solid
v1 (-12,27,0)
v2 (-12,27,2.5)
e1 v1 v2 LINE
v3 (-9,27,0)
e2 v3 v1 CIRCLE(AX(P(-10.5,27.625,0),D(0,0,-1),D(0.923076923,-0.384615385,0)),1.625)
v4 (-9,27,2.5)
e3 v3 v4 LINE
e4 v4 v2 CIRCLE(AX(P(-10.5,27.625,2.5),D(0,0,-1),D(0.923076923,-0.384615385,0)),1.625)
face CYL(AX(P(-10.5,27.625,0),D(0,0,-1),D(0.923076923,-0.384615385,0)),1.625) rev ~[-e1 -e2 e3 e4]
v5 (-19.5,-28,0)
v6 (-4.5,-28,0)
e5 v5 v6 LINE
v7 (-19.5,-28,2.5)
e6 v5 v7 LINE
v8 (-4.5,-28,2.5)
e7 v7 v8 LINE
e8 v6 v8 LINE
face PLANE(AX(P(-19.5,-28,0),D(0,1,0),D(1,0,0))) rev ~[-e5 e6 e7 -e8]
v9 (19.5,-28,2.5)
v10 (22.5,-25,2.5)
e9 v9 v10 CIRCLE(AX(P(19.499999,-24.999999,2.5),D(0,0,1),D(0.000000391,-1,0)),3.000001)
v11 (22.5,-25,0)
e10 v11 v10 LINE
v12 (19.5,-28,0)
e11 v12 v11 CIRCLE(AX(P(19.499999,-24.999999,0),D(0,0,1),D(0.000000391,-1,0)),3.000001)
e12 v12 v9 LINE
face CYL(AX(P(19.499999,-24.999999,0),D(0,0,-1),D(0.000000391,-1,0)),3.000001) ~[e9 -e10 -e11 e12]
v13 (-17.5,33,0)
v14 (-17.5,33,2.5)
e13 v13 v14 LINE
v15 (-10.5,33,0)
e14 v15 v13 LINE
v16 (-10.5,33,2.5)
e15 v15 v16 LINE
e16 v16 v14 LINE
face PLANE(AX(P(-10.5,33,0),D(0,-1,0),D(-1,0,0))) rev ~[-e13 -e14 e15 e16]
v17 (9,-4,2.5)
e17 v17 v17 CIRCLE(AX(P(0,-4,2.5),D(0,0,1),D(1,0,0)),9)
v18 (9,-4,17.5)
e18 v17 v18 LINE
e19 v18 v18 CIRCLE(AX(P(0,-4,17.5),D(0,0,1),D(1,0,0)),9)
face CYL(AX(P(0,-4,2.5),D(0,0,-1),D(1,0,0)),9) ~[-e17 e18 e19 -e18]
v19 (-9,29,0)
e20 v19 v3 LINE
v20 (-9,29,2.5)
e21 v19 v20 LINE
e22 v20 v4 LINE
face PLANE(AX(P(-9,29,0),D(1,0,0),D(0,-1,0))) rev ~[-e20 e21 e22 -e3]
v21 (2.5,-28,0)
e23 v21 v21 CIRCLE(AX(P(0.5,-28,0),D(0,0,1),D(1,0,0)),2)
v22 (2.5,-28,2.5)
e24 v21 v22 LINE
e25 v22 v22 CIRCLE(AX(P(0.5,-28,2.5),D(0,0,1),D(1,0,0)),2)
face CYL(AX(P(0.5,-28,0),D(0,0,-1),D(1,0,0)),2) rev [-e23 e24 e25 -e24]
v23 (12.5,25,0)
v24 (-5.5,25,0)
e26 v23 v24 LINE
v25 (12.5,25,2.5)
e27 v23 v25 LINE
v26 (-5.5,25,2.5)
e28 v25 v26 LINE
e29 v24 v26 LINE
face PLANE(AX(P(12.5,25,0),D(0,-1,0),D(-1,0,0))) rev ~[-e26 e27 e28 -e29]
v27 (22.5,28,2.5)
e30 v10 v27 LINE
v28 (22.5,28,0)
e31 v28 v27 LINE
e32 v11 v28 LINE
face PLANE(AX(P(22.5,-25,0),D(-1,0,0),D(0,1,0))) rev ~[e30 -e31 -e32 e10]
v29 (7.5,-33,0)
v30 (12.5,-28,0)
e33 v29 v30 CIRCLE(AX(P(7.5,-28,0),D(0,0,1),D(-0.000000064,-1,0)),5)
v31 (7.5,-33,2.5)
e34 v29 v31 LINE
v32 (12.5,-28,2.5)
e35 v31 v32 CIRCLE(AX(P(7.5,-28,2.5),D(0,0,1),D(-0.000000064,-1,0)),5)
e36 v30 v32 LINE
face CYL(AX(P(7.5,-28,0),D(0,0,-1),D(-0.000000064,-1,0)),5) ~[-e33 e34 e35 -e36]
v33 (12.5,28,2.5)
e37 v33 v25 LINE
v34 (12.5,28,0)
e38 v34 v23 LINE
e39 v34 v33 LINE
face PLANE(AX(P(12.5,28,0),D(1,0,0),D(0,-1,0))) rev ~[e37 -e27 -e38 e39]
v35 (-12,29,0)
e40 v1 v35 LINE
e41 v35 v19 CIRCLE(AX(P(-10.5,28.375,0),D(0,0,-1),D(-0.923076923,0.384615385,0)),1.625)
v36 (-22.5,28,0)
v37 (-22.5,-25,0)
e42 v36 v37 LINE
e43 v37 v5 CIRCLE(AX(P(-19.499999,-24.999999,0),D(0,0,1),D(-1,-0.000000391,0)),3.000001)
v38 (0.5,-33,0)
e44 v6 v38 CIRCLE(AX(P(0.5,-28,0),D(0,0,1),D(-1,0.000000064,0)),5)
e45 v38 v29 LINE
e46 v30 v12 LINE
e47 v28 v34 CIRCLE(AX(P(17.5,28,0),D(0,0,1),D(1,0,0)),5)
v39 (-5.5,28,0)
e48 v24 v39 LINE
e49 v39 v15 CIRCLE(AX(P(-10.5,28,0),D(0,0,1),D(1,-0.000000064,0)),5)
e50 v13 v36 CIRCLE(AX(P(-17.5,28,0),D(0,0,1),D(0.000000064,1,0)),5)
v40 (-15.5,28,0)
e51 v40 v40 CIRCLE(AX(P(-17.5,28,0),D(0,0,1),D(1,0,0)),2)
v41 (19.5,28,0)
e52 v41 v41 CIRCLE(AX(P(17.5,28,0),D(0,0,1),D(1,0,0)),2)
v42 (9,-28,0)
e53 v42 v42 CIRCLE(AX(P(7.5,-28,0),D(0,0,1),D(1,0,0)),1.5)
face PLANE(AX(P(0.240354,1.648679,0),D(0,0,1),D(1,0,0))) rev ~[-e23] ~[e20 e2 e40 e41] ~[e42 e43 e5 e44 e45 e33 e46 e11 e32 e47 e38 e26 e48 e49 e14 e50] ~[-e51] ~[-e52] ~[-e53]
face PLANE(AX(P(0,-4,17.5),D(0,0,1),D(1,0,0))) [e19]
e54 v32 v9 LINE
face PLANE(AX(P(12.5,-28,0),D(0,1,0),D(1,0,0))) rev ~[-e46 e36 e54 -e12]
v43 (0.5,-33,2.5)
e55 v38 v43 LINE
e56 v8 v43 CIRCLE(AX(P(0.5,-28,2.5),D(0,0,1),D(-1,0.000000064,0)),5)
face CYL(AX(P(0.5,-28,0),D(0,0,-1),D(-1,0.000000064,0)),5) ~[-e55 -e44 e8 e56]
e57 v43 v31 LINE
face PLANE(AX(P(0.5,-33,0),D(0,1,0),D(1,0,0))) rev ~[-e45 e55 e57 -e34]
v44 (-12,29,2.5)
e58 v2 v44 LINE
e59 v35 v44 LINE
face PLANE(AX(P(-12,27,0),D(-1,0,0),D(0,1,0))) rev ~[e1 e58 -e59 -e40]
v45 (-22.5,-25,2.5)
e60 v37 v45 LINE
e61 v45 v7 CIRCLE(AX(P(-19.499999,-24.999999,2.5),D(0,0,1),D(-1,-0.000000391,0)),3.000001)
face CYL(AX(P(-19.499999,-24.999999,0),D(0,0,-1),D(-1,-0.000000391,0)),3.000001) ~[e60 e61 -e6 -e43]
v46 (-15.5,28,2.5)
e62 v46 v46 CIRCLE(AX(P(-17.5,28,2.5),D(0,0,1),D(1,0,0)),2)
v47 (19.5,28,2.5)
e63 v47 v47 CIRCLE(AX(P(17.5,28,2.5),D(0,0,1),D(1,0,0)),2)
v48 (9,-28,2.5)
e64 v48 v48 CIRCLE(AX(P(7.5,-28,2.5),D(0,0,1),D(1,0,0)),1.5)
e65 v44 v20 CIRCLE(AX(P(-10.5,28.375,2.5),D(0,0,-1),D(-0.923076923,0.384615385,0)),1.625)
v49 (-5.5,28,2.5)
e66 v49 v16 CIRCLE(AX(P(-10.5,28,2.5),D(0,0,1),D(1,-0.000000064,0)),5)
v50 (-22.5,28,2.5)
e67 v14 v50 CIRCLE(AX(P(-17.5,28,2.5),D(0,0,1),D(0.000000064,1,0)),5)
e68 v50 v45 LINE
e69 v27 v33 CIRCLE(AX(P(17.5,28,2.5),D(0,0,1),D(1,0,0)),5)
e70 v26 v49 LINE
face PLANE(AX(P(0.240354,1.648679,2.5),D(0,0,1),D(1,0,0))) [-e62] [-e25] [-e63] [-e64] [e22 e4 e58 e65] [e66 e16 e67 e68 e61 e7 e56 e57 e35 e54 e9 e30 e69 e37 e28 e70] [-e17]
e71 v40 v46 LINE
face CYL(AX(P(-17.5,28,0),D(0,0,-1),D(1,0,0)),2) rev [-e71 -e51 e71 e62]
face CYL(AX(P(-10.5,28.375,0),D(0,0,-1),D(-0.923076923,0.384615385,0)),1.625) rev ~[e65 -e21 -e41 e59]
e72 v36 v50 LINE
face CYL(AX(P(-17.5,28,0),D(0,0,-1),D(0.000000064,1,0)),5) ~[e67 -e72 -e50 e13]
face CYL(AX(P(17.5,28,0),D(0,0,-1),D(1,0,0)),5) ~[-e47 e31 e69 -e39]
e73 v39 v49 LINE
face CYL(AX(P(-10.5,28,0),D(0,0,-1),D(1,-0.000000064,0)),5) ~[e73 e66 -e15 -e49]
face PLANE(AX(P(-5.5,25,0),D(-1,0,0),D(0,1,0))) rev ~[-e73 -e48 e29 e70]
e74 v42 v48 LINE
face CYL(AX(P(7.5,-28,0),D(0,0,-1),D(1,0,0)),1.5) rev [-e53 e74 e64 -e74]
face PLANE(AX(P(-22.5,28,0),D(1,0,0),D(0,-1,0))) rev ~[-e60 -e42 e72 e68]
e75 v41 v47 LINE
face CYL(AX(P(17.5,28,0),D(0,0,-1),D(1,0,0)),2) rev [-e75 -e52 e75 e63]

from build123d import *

# Parameters (mm, degrees)
F0_R     = 2
F0_R_2   = 1.5
F1_DEPTH = 2.5
F2_R     = 9
F3_DEPTH = 15


with BuildPart() as f1:
    # F0 (on Top) → F1 (new body)
    with BuildSketch(Plane.XY):
        with BuildLine():
            ThreePointArc((19.5, -28), (21.62132, -27.12132), (22.5, -25))
            Line((22.5, -25), (22.5, 25))
            Line((22.5, 25), (22.5, 28))
            ThreePointArc((22.5, 28), (17.5, 33), (12.5, 28))
            Line((12.5, 28), (12.5, 25))
            Line((12.5, 25), (-5.5, 25))
            Line((-5.5, 25), (-5.5, 28))
            ThreePointArc((-5.5, 28), (-6.964466, 31.535534), (-10.5, 33))
            Line((-10.5, 33), (-17.5, 33))
            ThreePointArc((-17.5, 33), (-21.035534, 31.535534), (-22.5, 28))
            Line((-22.5, 28), (-22.5, 25))
            Line((-22.5, 25), (-22.5, -25))
            ThreePointArc((-22.5, -25), (-21.62132, -27.12132), (-19.5, -28))
            Line((-19.5, -28), (-4.5, -28))
            ThreePointArc((-4.5, -28), (-3.035534, -31.535534), (0.5, -33))
            Line((0.5, -33), (7.5, -33))
            ThreePointArc((7.5, -33), (11.035534, -31.535534), (12.5, -28))
            Line((12.5, -28), (19.5, -28))
        make_face()
        with Locations((0.5, -28)):
            Circle(F0_R, mode=Mode.SUBTRACT)
        with Locations((7.5, -28)):
            Circle(F0_R_2, mode=Mode.SUBTRACT)
        with Locations((-17.5, 28)):
            Circle(F0_R, mode=Mode.SUBTRACT)
        with BuildLine():
            Line((-12, 27), (-12, 29))
            ThreePointArc((-12, 29), (-10.5, 30), (-9, 29))
            Line((-9, 29), (-9, 27))
            ThreePointArc((-9, 27), (-10.5, 26), (-12, 27))
        make_face(mode=Mode.SUBTRACT)
        with Locations((17.5, 28)):
            Circle(F0_R, mode=Mode.SUBTRACT)
    extrude(amount=F1_DEPTH)

    # F2 (on face) → F3 (join)
    with BuildSketch(Plane.XY.offset(2.5)):
        with Locations((0, -4)):
            Circle(F2_R)
    extrude(amount=F3_DEPTH)


solid = f1.part
